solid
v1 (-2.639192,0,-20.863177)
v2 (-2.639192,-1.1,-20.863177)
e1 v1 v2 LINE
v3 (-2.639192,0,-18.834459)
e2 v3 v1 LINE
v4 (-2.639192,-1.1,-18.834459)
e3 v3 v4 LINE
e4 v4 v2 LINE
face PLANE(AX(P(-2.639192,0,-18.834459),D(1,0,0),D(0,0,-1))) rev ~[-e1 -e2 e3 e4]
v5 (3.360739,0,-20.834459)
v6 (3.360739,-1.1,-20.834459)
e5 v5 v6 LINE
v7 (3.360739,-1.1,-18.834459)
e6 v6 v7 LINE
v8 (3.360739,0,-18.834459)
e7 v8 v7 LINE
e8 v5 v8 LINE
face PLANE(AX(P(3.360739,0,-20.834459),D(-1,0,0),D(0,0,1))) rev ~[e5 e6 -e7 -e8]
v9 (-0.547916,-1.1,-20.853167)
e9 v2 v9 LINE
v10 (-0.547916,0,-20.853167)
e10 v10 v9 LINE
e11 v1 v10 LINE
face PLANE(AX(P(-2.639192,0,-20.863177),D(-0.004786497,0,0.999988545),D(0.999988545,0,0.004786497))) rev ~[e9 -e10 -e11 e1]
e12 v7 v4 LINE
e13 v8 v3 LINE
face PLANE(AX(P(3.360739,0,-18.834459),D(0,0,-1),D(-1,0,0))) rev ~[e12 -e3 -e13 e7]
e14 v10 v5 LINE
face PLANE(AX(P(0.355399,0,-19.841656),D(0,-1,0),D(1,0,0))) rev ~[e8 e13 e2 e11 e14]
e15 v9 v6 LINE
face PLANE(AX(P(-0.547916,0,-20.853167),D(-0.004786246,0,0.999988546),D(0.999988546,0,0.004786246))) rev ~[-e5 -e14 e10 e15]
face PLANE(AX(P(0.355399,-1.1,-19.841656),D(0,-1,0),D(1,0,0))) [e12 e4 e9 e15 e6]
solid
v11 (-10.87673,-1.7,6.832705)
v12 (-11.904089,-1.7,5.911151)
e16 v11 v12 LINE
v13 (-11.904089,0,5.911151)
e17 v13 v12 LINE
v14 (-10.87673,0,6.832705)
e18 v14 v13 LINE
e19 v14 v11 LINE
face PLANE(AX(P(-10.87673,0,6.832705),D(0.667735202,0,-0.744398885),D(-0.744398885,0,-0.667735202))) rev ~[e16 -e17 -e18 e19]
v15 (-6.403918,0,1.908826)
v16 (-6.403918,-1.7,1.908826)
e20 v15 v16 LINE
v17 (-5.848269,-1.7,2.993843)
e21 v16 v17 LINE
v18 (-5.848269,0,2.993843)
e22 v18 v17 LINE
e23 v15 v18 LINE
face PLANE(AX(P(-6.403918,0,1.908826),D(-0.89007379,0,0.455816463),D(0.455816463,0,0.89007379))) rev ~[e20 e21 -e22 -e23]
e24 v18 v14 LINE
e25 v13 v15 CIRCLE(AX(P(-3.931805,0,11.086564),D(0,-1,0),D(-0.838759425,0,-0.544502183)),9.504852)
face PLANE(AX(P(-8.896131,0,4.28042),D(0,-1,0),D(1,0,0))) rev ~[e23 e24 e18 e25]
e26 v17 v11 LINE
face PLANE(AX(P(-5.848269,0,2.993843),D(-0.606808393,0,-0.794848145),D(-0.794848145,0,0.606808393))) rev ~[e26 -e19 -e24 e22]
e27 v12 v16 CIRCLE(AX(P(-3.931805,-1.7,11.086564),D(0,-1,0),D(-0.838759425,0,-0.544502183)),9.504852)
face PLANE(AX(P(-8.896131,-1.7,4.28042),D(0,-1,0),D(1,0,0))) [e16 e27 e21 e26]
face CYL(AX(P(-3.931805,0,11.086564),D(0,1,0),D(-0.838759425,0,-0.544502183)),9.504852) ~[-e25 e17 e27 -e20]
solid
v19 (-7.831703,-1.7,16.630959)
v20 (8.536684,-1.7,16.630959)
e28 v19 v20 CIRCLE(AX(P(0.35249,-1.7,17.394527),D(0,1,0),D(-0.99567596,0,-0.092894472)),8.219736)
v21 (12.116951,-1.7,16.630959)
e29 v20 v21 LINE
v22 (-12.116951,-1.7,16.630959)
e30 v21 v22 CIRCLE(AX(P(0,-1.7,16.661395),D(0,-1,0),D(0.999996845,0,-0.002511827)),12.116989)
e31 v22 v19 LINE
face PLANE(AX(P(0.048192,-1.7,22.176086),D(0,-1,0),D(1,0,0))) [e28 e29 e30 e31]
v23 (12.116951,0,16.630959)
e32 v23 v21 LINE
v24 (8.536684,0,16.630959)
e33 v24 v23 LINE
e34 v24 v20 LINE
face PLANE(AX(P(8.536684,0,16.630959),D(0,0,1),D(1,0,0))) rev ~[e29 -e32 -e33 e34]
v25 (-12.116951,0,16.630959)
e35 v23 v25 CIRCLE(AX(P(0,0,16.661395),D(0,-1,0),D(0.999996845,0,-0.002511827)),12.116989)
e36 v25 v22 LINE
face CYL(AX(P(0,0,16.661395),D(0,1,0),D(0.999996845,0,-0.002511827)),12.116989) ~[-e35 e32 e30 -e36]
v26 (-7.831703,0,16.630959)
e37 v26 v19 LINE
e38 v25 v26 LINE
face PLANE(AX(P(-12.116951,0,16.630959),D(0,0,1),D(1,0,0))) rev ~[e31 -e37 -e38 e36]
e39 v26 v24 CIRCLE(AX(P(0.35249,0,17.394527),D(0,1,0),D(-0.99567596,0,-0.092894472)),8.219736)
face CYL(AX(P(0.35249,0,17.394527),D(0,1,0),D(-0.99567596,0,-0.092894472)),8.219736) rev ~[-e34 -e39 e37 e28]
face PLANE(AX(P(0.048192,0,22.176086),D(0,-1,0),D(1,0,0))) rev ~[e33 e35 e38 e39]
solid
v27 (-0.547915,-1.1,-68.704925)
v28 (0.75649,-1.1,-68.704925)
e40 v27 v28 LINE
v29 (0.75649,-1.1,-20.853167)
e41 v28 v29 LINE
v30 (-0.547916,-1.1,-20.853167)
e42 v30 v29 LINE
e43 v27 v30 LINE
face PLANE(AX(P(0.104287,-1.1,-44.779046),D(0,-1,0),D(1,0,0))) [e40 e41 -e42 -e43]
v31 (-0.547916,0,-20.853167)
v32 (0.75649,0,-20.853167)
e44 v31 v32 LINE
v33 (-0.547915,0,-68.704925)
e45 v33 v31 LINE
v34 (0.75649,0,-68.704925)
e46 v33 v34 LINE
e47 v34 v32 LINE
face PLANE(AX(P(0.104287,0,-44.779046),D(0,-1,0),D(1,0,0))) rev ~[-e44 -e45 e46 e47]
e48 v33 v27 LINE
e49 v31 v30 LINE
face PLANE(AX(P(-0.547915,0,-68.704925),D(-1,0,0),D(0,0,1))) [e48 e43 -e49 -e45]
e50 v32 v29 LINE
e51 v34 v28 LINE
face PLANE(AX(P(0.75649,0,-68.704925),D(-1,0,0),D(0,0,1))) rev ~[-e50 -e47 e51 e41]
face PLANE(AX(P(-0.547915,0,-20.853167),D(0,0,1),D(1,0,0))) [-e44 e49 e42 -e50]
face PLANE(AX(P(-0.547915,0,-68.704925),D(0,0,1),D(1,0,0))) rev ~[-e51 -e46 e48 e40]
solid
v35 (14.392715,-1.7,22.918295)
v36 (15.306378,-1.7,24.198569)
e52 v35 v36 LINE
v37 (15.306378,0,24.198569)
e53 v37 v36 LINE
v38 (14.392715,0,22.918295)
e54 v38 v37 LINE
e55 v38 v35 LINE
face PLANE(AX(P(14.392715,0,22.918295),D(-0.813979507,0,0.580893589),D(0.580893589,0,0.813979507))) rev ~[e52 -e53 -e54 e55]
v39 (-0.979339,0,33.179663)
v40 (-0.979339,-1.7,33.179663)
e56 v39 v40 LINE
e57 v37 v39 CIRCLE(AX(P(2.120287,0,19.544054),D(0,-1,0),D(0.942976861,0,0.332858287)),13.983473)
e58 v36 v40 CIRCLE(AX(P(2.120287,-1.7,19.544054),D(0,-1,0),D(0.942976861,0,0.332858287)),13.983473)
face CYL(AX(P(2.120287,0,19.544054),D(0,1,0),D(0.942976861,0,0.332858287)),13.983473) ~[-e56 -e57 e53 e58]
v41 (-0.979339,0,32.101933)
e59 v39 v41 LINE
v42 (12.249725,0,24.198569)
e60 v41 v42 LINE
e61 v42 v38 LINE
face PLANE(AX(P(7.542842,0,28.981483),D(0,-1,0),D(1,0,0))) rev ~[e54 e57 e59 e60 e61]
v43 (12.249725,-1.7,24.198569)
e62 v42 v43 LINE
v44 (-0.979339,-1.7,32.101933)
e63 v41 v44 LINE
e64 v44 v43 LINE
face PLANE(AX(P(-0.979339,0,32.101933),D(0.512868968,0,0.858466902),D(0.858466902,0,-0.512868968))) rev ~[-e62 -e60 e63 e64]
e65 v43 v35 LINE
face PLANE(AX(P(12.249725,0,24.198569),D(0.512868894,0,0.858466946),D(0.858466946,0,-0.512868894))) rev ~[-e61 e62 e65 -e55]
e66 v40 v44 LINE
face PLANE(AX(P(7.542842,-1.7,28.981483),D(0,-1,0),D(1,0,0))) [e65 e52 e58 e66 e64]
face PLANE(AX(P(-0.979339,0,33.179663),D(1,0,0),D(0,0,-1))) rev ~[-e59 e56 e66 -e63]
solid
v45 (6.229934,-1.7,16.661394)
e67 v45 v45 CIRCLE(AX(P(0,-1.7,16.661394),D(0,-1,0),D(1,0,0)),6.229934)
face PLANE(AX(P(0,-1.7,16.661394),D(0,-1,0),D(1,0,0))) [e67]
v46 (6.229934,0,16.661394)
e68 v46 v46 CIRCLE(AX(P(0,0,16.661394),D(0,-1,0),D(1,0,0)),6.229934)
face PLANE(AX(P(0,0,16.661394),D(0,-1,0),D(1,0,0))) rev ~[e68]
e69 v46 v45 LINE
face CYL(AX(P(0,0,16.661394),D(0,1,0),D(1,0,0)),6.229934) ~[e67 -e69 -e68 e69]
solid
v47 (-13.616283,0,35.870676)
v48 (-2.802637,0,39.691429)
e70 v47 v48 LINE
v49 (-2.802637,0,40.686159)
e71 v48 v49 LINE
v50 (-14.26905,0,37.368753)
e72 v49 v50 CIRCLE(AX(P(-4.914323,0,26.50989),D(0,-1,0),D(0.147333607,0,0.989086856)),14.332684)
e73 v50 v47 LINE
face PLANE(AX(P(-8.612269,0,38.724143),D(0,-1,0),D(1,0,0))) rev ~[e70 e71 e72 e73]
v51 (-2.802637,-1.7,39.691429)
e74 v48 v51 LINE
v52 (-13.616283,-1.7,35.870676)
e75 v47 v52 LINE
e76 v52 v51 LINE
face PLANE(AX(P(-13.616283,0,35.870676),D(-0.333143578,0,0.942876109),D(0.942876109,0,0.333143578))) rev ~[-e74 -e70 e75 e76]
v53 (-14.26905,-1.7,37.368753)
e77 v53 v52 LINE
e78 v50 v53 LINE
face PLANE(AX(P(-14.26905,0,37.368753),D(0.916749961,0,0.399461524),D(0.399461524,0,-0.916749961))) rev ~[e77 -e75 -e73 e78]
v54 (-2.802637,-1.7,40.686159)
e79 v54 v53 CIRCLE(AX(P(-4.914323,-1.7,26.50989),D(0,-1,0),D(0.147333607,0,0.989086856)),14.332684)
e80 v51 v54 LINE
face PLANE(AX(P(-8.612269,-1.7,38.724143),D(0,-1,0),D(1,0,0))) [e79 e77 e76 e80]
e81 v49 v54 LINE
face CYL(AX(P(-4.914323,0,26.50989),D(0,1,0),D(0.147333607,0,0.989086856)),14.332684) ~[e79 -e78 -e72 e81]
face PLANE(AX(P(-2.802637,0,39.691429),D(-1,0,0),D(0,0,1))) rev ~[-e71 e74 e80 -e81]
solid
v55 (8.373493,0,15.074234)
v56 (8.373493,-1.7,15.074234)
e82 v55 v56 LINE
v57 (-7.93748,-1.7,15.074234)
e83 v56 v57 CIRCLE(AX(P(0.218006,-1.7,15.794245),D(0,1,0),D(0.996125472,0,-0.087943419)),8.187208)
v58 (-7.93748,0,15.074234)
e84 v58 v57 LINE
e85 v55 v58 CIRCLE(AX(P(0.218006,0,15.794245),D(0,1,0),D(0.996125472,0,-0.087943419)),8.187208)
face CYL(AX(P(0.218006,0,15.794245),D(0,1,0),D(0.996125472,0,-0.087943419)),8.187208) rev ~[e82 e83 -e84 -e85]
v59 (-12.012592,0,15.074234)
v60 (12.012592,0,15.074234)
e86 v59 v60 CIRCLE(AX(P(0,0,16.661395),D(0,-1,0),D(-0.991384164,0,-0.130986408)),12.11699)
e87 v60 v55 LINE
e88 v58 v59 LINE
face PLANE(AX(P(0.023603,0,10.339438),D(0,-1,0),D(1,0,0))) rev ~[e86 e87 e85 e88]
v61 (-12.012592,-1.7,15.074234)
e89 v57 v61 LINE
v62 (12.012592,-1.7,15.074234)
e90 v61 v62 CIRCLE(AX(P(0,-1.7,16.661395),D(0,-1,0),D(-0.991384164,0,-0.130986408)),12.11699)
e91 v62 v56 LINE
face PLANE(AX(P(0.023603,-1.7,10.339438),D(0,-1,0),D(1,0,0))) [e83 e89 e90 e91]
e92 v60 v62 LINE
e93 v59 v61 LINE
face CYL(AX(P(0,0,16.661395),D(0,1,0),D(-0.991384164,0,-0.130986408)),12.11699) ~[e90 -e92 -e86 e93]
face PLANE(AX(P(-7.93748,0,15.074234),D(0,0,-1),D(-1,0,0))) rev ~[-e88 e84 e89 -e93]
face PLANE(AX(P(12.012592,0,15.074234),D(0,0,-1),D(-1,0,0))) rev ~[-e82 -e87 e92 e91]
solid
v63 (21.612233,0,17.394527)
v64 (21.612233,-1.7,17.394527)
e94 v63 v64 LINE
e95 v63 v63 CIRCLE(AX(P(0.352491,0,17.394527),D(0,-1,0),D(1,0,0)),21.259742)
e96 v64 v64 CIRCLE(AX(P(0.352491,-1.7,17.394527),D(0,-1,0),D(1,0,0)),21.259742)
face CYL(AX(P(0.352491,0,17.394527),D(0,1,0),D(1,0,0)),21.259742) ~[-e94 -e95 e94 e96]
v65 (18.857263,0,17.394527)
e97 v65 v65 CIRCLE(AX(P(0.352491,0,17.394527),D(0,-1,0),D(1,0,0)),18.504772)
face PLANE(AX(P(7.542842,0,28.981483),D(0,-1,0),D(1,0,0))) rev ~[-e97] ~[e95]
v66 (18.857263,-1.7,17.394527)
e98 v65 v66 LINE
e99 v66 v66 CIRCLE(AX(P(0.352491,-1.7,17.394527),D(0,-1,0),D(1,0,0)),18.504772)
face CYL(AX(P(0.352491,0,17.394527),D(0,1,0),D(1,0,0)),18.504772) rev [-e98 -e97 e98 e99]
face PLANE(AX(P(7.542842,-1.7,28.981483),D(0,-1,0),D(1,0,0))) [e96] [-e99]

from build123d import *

# Parameters (mm, degrees)
F0_R     = 21.259742
F0_R_2   = 18.504772
F0_R_3   = 6.229934
F1_DEPTH = 1.7
F2_W     = 1.304405
F2_H     = 47.851758
F3_DEPTH = 1.1


with BuildPart() as f1:
    # F0 (on Front) → F1 (new body)
    with BuildSketch(Plane.XZ):
        with BuildLine():
            Line((-2.802637, 39.691429), (-2.802637, 40.686159))
            ThreePointArc((-2.802637, 40.686159), (-8.897626, 40.277937), (-14.26905, 37.368753))
            Line((-14.26905, 37.368753), (-13.616283, 35.870676))
            Line((-13.616283, 35.870676), (-2.802637, 39.691429))
        make_face()
        with Locations((0.352491, 17.394527)):
            Circle(F0_R)
        with Locations((0.352491, 17.394527)):
            Circle(F0_R_2, mode=Mode.SUBTRACT)
        with BuildLine():
            ThreePointArc((12.116951, 16.630959), (0, 28.778384), (-12.116951, 16.630959))
            Line((-12.116951, 16.630959), (-7.831703, 16.630959))
            ThreePointArc((-7.831703, 16.630959), (0.352491, 25.614263), (8.536684, 16.630959))
            Line((8.536684, 16.630959), (12.116951, 16.630959))
        make_face()
        with BuildLine():
            Line((-7.93748, 15.074234), (-12.012592, 15.074234))
            ThreePointArc((-12.012592, 15.074234), (0, 4.544405), (12.012592, 15.074234))
            Line((12.012592, 15.074234), (8.373493, 15.074234))
            ThreePointArc((8.373493, 15.074234), (0.218007, 7.607037), (-7.93748, 15.074234))
        make_face()
        with Locations((0, 16.661394)):
            Circle(F0_R_3)
        with BuildLine():
            Line((14.392715, 22.918295), (15.306378, 24.198569))
            ThreePointArc((15.306378, 24.198569), (8.873005, 31.788984), (-0.979339, 33.179663))
            Line((-0.979339, 33.179663), (-0.979339, 32.101933))
            Line((-0.979339, 32.101933), (12.249725, 24.198569))
            Line((12.249725, 24.198569), (14.392715, 22.918295))
        make_face()
        with BuildLine():
            Line((-10.87673, 6.832705), (-11.904089, 5.911151))
            ThreePointArc((-11.904089, 5.911151), (-9.524301, 3.40111), (-6.403918, 1.908826))
            Line((-6.403918, 1.908826), (-5.848269, 2.993843))
            Line((-5.848269, 2.993843), (-10.87673, 6.832705))
        make_face()
    extrude(amount=F1_DEPTH)


with BuildPart() as f3:
    # F2 (on Front) → F3 (new body)
    with BuildSketch(Plane.XZ):
        with Locations((0.104287, -44.779046)):
            Rectangle(F2_W, F2_H)
        Polygon((3.360739, -18.834459), (-2.639192, -18.834459), (-2.639192, -20.863177), (-0.547916, -20.853167), (3.360739, -20.834459), align=None)
    extrude(amount=F3_DEPTH)


solid = Compound([f1.part, f3.part])
